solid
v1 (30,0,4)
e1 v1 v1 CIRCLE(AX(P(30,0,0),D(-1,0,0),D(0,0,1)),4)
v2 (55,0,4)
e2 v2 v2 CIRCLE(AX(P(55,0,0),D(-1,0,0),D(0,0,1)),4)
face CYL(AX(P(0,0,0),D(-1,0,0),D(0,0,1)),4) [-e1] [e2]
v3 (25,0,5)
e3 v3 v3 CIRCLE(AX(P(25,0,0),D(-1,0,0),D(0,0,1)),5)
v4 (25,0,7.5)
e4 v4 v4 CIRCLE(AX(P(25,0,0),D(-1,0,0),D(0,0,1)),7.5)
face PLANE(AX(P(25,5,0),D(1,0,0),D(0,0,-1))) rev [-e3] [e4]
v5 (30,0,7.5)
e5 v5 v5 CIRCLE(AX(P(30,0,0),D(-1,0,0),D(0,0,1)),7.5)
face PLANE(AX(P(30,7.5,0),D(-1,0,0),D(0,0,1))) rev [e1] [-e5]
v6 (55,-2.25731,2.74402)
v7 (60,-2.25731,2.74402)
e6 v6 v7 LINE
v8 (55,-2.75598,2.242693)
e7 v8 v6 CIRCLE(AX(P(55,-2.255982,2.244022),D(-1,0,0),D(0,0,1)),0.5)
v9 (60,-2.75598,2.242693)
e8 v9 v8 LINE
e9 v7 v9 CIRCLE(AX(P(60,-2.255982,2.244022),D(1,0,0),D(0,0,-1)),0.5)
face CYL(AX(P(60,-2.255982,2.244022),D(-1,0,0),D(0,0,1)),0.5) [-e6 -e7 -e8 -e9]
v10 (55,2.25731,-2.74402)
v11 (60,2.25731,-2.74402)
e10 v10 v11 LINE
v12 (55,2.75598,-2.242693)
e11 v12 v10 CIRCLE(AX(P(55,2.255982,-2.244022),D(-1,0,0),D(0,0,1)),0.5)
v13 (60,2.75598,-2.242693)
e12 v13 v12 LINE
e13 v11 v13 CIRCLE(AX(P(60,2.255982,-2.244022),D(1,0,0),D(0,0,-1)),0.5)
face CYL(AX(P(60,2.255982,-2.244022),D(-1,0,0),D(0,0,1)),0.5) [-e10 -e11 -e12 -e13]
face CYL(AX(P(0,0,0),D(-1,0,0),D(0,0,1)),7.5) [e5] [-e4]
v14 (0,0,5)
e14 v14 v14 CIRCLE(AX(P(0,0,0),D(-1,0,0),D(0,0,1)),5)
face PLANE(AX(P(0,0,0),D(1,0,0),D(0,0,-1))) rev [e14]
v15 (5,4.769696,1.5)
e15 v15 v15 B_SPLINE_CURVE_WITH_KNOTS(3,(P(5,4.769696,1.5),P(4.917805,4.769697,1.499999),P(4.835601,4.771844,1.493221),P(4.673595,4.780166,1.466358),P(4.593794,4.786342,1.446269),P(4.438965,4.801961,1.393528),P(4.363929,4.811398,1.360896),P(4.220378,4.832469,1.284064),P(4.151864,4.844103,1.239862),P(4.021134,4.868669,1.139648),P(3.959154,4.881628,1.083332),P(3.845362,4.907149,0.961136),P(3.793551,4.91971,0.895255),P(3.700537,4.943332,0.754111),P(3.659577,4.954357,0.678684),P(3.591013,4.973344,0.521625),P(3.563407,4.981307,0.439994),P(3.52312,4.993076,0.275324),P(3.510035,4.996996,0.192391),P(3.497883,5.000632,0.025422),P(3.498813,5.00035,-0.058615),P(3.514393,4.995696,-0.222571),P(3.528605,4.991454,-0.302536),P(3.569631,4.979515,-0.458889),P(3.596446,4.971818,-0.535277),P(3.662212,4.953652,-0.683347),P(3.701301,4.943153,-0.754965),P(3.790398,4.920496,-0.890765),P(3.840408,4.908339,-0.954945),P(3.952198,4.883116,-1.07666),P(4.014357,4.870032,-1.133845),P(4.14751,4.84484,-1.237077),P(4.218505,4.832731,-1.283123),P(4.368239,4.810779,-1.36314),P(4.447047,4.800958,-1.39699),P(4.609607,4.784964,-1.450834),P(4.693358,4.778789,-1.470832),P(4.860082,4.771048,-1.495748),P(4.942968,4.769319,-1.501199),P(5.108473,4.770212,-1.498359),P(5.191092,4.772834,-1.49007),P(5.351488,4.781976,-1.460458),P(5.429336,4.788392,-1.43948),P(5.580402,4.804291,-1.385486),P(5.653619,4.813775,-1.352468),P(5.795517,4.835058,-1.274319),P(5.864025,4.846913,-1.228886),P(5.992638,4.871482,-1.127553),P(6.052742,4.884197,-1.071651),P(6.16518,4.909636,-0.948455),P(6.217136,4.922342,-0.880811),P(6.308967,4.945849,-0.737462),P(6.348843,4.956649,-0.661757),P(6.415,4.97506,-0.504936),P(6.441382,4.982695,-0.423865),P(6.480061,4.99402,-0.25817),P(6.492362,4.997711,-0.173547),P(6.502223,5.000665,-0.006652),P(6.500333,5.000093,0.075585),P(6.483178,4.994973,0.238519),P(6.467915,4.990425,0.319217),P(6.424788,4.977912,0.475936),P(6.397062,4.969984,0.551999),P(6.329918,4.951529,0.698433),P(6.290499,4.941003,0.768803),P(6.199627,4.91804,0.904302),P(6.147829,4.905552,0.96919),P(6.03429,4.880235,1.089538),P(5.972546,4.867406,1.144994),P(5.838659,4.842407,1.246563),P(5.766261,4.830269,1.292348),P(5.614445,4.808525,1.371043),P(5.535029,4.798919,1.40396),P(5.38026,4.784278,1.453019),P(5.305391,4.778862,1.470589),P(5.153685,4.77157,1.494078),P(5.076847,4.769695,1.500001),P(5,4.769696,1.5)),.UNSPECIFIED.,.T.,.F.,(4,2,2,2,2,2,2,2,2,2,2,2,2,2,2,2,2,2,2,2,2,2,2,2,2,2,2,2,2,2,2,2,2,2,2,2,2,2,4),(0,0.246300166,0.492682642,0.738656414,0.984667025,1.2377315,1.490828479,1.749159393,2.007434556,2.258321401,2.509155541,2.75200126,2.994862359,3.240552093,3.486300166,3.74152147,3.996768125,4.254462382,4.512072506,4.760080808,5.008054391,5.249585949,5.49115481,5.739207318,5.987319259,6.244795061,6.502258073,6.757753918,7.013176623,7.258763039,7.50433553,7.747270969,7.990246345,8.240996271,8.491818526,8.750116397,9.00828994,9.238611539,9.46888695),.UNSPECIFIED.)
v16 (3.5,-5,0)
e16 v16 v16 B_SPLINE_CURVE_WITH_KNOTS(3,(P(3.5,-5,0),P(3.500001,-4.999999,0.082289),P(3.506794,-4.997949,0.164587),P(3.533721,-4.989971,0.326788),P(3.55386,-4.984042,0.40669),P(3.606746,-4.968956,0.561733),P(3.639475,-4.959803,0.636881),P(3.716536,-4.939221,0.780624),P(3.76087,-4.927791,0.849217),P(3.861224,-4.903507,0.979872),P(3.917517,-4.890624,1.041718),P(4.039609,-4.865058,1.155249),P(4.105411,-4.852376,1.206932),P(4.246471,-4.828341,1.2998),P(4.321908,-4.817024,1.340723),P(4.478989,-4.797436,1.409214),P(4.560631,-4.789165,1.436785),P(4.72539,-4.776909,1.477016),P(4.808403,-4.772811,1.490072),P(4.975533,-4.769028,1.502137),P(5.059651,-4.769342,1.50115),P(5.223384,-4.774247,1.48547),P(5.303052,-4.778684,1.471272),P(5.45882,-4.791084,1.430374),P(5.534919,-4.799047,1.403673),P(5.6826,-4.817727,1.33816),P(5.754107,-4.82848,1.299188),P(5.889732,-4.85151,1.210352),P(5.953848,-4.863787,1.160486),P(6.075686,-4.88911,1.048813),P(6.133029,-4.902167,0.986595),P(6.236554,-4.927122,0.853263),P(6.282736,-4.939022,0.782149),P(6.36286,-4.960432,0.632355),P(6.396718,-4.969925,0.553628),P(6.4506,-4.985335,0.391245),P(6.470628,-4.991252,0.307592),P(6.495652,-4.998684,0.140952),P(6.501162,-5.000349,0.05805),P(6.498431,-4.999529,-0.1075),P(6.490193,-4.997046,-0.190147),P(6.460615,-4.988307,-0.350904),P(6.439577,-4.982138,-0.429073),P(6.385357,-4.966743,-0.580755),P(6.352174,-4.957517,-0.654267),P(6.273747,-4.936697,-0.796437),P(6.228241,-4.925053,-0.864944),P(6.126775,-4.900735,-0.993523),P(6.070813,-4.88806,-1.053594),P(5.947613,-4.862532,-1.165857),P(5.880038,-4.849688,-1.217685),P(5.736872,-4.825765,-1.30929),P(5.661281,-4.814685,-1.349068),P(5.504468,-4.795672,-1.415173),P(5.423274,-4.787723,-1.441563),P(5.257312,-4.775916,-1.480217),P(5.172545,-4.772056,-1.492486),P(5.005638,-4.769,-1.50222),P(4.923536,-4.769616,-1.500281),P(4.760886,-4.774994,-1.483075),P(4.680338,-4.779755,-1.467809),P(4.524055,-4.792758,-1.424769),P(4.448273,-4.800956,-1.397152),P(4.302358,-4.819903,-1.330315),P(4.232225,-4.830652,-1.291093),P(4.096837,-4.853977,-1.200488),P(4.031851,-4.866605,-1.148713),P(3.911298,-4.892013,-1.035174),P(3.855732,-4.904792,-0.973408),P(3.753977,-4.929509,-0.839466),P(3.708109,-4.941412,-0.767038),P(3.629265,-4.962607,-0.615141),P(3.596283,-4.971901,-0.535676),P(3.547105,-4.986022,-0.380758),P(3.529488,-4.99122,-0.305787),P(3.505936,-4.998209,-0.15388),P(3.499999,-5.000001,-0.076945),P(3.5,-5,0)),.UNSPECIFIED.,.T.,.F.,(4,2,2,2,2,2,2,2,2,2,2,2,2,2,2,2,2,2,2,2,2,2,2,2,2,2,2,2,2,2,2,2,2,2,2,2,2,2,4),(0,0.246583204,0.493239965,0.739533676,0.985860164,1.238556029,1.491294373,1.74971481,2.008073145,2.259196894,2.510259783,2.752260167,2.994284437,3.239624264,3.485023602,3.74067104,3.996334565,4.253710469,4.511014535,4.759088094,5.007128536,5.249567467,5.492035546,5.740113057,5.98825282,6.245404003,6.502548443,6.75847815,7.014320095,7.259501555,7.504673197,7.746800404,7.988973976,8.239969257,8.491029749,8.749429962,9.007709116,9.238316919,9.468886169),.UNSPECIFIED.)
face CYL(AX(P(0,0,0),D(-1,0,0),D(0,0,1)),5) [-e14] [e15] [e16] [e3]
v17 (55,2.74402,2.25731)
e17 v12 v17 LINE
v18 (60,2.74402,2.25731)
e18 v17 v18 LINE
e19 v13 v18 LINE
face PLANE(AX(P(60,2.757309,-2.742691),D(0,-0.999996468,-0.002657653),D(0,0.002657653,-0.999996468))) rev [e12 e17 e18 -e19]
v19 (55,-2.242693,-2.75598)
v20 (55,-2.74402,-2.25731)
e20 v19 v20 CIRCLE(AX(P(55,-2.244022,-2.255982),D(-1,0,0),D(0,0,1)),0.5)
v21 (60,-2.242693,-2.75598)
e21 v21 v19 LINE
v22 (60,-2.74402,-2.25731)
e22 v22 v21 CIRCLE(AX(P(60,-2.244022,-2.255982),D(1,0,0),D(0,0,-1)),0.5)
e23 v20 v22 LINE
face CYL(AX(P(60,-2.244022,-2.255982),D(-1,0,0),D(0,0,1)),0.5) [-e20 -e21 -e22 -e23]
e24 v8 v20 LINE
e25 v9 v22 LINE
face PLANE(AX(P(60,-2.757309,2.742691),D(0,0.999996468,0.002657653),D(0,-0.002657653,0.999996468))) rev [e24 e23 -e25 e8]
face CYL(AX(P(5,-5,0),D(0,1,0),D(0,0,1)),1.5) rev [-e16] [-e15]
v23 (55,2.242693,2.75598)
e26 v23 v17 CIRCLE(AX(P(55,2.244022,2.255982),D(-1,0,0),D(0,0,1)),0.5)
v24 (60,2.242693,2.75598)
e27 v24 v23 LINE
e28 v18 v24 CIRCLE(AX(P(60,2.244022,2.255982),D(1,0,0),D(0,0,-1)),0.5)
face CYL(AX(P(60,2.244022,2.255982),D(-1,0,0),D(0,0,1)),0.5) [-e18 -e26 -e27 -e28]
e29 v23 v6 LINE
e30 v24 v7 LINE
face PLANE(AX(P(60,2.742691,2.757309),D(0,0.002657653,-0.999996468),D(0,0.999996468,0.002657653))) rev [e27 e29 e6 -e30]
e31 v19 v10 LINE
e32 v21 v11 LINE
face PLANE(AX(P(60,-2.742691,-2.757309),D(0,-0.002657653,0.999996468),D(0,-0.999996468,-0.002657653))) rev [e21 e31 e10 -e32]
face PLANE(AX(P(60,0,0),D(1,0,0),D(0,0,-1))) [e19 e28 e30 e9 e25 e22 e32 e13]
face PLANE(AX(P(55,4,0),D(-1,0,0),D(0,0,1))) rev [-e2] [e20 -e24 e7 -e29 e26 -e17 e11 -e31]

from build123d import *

# Parameters (mm, degrees)
SKETCH_2_R          = 1.5
CUT_EXTRUDE_1_DEPTH = 5
EXTRUDE_1_DEPTH     = 5
FILLET_1_R          = 0.5


with BuildPart() as part:
    # 草图1 → 旋转1 (revolve)
    with BuildSketch(Plane.XY):
        Polygon((0, 0), (0, 5), (25, 5), (25, 7.5), (30, 7.5), (30, 4), (55, 4), (55, 0), align=None)
    revolve(axis=Axis((0, 0, 0), (1, 0, 0)))

    # 草图2 → 切除-拉伸1 (cut, symmetric)
    with BuildSketch(Plane(origin=(0, 0, 0), x_dir=(1, 0, 0), z_dir=(0, 1, 0))):
        with Locations((5, 0)):
            Circle(SKETCH_2_R)
    extrude(amount=CUT_EXTRUDE_1_DEPTH, both=True, mode=Mode.SUBTRACT)

    # 草图3 → 凸台-拉伸1 (add)
    with BuildSketch(Plane(origin=(55, 0, 0), x_dir=(0, 0, -1), z_dir=(1, 0, 0))):
        Polygon((-2.757308573, 2.742691427), (-2.742691427, -2.757308573), (2.757308573, -2.742691427), (2.742691427, 2.757308573), align=None)
    extrude(amount=EXTRUDE_1_DEPTH)

    # 圆角1
    fillet_1_edges = [part.edges().sort_by_distance(p)[0] for p in [
        (57.5, 2.757308573, -2.742691427),
        (57.5, 2.742691427, 2.757308573),
        (57.5, -2.757308573, 2.742691427),
        (57.5, -2.742691427, -2.757308573),
    ]]
    fillet(fillet_1_edges, radius=FILLET_1_R)


solid = part.part
